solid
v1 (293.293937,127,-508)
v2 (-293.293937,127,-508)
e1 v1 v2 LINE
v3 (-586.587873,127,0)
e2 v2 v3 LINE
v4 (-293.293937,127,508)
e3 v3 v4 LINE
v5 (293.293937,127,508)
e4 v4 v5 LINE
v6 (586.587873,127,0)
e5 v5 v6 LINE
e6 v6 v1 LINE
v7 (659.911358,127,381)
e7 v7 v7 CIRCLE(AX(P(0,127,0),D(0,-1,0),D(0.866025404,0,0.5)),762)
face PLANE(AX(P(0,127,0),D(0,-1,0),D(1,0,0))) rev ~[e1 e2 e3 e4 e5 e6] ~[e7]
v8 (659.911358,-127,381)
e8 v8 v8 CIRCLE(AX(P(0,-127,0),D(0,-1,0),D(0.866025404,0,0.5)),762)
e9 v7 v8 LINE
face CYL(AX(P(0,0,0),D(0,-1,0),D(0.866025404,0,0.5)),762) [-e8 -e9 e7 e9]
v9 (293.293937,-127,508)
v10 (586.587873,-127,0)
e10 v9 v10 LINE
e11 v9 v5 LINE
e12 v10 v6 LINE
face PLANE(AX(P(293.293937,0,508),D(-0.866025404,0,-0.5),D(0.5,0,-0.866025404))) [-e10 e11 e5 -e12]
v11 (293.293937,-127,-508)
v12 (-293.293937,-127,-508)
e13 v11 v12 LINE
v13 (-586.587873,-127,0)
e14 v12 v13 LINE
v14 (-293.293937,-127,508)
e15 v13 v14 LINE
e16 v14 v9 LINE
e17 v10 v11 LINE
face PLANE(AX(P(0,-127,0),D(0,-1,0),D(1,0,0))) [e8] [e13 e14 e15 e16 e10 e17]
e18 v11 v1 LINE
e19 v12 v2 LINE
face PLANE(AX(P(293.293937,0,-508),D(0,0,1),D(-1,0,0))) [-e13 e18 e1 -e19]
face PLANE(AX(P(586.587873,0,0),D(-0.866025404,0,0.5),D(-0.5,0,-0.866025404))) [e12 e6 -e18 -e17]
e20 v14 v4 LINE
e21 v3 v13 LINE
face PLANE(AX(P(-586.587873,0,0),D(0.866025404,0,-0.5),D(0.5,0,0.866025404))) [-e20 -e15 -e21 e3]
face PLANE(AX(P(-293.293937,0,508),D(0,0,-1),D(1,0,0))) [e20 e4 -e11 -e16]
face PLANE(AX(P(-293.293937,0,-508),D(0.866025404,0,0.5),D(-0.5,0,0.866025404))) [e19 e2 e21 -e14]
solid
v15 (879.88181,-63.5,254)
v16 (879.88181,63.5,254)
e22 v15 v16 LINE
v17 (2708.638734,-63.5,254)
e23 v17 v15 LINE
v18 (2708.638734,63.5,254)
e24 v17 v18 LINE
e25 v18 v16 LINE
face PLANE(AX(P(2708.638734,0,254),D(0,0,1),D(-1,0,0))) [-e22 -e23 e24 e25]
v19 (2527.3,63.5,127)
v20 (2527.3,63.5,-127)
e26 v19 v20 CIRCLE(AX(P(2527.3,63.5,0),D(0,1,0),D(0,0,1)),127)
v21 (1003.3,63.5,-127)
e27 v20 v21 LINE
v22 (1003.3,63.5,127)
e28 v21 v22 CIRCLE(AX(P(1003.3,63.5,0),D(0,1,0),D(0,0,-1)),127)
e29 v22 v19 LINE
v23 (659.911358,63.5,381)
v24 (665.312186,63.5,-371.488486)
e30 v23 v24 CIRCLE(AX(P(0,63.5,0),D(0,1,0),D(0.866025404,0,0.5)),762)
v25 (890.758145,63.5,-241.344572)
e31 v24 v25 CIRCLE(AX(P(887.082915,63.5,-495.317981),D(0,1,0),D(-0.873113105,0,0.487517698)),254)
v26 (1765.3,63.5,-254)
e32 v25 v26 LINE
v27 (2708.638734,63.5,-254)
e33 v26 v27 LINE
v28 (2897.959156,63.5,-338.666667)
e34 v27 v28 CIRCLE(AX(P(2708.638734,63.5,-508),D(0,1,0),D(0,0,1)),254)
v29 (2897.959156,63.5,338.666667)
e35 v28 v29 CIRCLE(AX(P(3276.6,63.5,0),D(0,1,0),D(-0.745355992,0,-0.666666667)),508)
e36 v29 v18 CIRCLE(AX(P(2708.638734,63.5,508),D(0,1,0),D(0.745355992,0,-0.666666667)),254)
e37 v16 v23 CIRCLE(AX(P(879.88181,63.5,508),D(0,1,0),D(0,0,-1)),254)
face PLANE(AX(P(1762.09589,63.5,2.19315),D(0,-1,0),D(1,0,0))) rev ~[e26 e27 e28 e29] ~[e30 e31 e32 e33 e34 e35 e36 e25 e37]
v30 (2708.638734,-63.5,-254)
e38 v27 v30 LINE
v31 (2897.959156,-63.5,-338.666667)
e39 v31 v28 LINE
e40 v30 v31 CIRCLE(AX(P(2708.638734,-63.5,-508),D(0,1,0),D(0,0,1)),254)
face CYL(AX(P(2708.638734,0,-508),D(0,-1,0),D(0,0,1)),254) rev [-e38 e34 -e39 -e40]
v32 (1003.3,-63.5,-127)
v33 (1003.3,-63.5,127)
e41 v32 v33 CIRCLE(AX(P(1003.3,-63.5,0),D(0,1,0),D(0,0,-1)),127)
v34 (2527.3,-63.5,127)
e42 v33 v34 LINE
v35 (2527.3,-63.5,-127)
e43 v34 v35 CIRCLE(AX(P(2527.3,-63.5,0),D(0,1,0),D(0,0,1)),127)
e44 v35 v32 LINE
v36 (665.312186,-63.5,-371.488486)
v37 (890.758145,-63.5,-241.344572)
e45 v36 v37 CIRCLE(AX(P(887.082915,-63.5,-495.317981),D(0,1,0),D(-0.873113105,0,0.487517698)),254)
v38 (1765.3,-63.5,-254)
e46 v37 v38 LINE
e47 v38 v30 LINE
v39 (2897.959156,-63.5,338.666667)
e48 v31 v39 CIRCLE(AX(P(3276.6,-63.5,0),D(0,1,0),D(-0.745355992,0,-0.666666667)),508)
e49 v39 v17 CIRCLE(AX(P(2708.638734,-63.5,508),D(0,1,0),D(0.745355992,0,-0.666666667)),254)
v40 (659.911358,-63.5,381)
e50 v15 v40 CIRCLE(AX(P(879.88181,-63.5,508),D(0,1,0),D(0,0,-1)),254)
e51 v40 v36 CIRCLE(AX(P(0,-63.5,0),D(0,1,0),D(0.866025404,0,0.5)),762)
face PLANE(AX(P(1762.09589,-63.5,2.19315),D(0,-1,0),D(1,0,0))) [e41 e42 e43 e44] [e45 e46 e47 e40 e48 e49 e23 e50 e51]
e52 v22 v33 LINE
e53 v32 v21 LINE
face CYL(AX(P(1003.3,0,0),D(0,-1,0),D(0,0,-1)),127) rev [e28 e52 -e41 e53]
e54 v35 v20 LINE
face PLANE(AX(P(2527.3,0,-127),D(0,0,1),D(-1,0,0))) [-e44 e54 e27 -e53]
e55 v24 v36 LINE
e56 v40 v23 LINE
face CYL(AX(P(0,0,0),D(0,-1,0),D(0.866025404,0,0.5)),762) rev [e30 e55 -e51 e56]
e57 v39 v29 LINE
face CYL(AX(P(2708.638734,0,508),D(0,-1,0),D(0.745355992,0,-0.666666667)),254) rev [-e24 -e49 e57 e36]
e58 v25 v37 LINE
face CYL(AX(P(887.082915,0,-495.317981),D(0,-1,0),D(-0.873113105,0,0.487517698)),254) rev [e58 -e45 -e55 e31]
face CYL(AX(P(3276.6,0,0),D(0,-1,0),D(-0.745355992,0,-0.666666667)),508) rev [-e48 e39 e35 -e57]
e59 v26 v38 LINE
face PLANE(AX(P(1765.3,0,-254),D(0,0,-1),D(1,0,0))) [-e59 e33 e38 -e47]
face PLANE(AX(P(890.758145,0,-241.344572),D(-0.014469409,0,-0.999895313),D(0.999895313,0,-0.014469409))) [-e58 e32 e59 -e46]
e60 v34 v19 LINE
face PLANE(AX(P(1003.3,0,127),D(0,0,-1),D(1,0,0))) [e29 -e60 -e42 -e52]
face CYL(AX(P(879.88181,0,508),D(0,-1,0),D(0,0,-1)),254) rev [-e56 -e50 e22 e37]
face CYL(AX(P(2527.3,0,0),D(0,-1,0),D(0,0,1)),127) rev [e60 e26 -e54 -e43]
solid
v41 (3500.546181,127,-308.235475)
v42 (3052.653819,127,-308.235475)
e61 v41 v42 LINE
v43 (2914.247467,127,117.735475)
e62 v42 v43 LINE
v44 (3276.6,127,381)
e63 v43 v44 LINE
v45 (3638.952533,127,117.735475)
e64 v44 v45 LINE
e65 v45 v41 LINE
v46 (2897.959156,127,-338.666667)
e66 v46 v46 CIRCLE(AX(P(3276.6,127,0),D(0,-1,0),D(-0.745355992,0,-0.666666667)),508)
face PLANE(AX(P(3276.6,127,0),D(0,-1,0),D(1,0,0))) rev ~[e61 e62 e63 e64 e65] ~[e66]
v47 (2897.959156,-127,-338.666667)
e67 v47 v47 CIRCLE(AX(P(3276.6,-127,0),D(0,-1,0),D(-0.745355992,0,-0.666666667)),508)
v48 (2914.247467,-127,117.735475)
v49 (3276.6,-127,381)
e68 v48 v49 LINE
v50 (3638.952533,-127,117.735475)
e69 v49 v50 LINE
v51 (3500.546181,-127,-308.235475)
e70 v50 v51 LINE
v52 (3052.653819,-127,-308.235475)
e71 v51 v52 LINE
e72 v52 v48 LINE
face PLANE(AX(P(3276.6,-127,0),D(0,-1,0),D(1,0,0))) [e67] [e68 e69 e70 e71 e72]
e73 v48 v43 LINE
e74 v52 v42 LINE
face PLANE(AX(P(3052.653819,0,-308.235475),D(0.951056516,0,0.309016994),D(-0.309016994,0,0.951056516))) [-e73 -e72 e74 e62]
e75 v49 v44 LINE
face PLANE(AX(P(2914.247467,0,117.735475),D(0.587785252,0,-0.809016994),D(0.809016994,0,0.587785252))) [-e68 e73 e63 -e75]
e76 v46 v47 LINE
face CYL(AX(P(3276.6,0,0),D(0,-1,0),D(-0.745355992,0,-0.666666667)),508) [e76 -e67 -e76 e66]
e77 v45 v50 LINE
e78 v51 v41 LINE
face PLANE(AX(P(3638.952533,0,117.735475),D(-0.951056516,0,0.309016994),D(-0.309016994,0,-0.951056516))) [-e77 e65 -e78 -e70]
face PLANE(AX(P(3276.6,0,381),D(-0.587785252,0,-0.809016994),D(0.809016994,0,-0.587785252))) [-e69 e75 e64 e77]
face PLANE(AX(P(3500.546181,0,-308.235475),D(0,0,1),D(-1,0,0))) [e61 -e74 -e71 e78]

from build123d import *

# Parameters (mm, degrees)
F1_DEPTH = 127
F2_DEPTH = 63.5


with BuildPart() as f1:
    # F0 (on Front) → F1 (new body, symmetric)
    with BuildSketch(Plane.XZ):
        with BuildLine():
            ThreePointArc((665.3121861086, -371.4884857105), (737.4319920558, -191.932428455), (762, 0))
            ThreePointArc((762, 0), (736.0354796323, 197.2201123681), (659.9113576837, 381))
            ThreePointArc((659.9113576837, 381), (-761.9803741154, -5.4689544648), (665.3121861086, -371.4884857105))
        make_face()
        Polygon((-586.5878734967, 0), (-293.2939367483, 508), (293.2939367483, 508), (586.5878734967, 0), (293.2939367483, -508), (-293.2939367483, -508), align=None, mode=Mode.SUBTRACT)
    extrude(amount=F1_DEPTH, both=True)


with BuildPart() as f1b:
    # F0 (on Front) → F1, piece 2 (new body, symmetric)
    with BuildSketch(Plane.XZ):
        with BuildLine():
            ThreePointArc((3784.6, 0), (3457.8656216047, 474.5595583531), (2897.95915581, 338.6666666667))
            ThreePointArc((2897.95915581, 338.6666666667), (2768.6, 0), (2897.95915581, -338.6666666667))
            ThreePointArc((2897.95915581, -338.6666666667), (3457.8656216047, -474.5595583531), (3784.6, 0))
        make_face()
        Polygon((3638.9525327085, 117.7354748569), (3500.5461811234, -308.2354748569), (3052.6538188766, -308.2354748569), (2914.2474672915, 117.7354748569), (3276.6, 381), align=None, mode=Mode.SUBTRACT)
    extrude(amount=F1_DEPTH, both=True)


with BuildPart() as f2:
    # F0 (on Front) → F2 (new body, symmetric)
    with BuildSketch(Plane.XZ):
        with BuildLine():
            ThreePointArc((659.9113576837, 381), (736.0354796323, 197.2201123681), (762, 0))
            ThreePointArc((762, 0), (737.4319920558, -191.932428455), (665.3121861086, -371.4884857105))
            ThreePointArc((665.3121861086, -371.4884857105), (760.0956270376, -275.3401894686), (890.7581446402, -241.3445715405))
            Line((890.7581446402, -241.3445715405), (1765.3, -254))
            Line((1765.3, -254), (2708.6387337151, -254))
            ThreePointArc((2708.6387337151, -254), (2812.3337994929, -276.1307839895), (2897.95915581, -338.6666666667))
            ThreePointArc((2897.95915581, -338.6666666667), (2768.6, 0), (2897.95915581, 338.6666666667))
            ThreePointArc((2897.95915581, 338.6666666667), (2812.3337994929, 276.1307839895), (2708.6387337151, 254))
            Line((2708.6387337151, 254), (1765.3, 254))
            Line((1765.3, 254), (879.881810245, 254))
            ThreePointArc((879.881810245, 254), (752.881810245, 288.0295474388), (659.9113576837, 381))
        make_face()
        with BuildLine():
            Line((1003.3, 127), (1765.3, 127))
            Line((1765.3, 127), (2527.3, 127))
            ThreePointArc((2527.3, 127), (2654.3, 0), (2527.3, -127))
            Line((2527.3, -127), (1003.3, -127))
            ThreePointArc((1003.3, -127), (876.3, 0), (1003.3, 127))
        make_face(mode=Mode.SUBTRACT)
    extrude(amount=F2_DEPTH, both=True)


solid = Compound([f1.part, f1b.part, f2.part])
